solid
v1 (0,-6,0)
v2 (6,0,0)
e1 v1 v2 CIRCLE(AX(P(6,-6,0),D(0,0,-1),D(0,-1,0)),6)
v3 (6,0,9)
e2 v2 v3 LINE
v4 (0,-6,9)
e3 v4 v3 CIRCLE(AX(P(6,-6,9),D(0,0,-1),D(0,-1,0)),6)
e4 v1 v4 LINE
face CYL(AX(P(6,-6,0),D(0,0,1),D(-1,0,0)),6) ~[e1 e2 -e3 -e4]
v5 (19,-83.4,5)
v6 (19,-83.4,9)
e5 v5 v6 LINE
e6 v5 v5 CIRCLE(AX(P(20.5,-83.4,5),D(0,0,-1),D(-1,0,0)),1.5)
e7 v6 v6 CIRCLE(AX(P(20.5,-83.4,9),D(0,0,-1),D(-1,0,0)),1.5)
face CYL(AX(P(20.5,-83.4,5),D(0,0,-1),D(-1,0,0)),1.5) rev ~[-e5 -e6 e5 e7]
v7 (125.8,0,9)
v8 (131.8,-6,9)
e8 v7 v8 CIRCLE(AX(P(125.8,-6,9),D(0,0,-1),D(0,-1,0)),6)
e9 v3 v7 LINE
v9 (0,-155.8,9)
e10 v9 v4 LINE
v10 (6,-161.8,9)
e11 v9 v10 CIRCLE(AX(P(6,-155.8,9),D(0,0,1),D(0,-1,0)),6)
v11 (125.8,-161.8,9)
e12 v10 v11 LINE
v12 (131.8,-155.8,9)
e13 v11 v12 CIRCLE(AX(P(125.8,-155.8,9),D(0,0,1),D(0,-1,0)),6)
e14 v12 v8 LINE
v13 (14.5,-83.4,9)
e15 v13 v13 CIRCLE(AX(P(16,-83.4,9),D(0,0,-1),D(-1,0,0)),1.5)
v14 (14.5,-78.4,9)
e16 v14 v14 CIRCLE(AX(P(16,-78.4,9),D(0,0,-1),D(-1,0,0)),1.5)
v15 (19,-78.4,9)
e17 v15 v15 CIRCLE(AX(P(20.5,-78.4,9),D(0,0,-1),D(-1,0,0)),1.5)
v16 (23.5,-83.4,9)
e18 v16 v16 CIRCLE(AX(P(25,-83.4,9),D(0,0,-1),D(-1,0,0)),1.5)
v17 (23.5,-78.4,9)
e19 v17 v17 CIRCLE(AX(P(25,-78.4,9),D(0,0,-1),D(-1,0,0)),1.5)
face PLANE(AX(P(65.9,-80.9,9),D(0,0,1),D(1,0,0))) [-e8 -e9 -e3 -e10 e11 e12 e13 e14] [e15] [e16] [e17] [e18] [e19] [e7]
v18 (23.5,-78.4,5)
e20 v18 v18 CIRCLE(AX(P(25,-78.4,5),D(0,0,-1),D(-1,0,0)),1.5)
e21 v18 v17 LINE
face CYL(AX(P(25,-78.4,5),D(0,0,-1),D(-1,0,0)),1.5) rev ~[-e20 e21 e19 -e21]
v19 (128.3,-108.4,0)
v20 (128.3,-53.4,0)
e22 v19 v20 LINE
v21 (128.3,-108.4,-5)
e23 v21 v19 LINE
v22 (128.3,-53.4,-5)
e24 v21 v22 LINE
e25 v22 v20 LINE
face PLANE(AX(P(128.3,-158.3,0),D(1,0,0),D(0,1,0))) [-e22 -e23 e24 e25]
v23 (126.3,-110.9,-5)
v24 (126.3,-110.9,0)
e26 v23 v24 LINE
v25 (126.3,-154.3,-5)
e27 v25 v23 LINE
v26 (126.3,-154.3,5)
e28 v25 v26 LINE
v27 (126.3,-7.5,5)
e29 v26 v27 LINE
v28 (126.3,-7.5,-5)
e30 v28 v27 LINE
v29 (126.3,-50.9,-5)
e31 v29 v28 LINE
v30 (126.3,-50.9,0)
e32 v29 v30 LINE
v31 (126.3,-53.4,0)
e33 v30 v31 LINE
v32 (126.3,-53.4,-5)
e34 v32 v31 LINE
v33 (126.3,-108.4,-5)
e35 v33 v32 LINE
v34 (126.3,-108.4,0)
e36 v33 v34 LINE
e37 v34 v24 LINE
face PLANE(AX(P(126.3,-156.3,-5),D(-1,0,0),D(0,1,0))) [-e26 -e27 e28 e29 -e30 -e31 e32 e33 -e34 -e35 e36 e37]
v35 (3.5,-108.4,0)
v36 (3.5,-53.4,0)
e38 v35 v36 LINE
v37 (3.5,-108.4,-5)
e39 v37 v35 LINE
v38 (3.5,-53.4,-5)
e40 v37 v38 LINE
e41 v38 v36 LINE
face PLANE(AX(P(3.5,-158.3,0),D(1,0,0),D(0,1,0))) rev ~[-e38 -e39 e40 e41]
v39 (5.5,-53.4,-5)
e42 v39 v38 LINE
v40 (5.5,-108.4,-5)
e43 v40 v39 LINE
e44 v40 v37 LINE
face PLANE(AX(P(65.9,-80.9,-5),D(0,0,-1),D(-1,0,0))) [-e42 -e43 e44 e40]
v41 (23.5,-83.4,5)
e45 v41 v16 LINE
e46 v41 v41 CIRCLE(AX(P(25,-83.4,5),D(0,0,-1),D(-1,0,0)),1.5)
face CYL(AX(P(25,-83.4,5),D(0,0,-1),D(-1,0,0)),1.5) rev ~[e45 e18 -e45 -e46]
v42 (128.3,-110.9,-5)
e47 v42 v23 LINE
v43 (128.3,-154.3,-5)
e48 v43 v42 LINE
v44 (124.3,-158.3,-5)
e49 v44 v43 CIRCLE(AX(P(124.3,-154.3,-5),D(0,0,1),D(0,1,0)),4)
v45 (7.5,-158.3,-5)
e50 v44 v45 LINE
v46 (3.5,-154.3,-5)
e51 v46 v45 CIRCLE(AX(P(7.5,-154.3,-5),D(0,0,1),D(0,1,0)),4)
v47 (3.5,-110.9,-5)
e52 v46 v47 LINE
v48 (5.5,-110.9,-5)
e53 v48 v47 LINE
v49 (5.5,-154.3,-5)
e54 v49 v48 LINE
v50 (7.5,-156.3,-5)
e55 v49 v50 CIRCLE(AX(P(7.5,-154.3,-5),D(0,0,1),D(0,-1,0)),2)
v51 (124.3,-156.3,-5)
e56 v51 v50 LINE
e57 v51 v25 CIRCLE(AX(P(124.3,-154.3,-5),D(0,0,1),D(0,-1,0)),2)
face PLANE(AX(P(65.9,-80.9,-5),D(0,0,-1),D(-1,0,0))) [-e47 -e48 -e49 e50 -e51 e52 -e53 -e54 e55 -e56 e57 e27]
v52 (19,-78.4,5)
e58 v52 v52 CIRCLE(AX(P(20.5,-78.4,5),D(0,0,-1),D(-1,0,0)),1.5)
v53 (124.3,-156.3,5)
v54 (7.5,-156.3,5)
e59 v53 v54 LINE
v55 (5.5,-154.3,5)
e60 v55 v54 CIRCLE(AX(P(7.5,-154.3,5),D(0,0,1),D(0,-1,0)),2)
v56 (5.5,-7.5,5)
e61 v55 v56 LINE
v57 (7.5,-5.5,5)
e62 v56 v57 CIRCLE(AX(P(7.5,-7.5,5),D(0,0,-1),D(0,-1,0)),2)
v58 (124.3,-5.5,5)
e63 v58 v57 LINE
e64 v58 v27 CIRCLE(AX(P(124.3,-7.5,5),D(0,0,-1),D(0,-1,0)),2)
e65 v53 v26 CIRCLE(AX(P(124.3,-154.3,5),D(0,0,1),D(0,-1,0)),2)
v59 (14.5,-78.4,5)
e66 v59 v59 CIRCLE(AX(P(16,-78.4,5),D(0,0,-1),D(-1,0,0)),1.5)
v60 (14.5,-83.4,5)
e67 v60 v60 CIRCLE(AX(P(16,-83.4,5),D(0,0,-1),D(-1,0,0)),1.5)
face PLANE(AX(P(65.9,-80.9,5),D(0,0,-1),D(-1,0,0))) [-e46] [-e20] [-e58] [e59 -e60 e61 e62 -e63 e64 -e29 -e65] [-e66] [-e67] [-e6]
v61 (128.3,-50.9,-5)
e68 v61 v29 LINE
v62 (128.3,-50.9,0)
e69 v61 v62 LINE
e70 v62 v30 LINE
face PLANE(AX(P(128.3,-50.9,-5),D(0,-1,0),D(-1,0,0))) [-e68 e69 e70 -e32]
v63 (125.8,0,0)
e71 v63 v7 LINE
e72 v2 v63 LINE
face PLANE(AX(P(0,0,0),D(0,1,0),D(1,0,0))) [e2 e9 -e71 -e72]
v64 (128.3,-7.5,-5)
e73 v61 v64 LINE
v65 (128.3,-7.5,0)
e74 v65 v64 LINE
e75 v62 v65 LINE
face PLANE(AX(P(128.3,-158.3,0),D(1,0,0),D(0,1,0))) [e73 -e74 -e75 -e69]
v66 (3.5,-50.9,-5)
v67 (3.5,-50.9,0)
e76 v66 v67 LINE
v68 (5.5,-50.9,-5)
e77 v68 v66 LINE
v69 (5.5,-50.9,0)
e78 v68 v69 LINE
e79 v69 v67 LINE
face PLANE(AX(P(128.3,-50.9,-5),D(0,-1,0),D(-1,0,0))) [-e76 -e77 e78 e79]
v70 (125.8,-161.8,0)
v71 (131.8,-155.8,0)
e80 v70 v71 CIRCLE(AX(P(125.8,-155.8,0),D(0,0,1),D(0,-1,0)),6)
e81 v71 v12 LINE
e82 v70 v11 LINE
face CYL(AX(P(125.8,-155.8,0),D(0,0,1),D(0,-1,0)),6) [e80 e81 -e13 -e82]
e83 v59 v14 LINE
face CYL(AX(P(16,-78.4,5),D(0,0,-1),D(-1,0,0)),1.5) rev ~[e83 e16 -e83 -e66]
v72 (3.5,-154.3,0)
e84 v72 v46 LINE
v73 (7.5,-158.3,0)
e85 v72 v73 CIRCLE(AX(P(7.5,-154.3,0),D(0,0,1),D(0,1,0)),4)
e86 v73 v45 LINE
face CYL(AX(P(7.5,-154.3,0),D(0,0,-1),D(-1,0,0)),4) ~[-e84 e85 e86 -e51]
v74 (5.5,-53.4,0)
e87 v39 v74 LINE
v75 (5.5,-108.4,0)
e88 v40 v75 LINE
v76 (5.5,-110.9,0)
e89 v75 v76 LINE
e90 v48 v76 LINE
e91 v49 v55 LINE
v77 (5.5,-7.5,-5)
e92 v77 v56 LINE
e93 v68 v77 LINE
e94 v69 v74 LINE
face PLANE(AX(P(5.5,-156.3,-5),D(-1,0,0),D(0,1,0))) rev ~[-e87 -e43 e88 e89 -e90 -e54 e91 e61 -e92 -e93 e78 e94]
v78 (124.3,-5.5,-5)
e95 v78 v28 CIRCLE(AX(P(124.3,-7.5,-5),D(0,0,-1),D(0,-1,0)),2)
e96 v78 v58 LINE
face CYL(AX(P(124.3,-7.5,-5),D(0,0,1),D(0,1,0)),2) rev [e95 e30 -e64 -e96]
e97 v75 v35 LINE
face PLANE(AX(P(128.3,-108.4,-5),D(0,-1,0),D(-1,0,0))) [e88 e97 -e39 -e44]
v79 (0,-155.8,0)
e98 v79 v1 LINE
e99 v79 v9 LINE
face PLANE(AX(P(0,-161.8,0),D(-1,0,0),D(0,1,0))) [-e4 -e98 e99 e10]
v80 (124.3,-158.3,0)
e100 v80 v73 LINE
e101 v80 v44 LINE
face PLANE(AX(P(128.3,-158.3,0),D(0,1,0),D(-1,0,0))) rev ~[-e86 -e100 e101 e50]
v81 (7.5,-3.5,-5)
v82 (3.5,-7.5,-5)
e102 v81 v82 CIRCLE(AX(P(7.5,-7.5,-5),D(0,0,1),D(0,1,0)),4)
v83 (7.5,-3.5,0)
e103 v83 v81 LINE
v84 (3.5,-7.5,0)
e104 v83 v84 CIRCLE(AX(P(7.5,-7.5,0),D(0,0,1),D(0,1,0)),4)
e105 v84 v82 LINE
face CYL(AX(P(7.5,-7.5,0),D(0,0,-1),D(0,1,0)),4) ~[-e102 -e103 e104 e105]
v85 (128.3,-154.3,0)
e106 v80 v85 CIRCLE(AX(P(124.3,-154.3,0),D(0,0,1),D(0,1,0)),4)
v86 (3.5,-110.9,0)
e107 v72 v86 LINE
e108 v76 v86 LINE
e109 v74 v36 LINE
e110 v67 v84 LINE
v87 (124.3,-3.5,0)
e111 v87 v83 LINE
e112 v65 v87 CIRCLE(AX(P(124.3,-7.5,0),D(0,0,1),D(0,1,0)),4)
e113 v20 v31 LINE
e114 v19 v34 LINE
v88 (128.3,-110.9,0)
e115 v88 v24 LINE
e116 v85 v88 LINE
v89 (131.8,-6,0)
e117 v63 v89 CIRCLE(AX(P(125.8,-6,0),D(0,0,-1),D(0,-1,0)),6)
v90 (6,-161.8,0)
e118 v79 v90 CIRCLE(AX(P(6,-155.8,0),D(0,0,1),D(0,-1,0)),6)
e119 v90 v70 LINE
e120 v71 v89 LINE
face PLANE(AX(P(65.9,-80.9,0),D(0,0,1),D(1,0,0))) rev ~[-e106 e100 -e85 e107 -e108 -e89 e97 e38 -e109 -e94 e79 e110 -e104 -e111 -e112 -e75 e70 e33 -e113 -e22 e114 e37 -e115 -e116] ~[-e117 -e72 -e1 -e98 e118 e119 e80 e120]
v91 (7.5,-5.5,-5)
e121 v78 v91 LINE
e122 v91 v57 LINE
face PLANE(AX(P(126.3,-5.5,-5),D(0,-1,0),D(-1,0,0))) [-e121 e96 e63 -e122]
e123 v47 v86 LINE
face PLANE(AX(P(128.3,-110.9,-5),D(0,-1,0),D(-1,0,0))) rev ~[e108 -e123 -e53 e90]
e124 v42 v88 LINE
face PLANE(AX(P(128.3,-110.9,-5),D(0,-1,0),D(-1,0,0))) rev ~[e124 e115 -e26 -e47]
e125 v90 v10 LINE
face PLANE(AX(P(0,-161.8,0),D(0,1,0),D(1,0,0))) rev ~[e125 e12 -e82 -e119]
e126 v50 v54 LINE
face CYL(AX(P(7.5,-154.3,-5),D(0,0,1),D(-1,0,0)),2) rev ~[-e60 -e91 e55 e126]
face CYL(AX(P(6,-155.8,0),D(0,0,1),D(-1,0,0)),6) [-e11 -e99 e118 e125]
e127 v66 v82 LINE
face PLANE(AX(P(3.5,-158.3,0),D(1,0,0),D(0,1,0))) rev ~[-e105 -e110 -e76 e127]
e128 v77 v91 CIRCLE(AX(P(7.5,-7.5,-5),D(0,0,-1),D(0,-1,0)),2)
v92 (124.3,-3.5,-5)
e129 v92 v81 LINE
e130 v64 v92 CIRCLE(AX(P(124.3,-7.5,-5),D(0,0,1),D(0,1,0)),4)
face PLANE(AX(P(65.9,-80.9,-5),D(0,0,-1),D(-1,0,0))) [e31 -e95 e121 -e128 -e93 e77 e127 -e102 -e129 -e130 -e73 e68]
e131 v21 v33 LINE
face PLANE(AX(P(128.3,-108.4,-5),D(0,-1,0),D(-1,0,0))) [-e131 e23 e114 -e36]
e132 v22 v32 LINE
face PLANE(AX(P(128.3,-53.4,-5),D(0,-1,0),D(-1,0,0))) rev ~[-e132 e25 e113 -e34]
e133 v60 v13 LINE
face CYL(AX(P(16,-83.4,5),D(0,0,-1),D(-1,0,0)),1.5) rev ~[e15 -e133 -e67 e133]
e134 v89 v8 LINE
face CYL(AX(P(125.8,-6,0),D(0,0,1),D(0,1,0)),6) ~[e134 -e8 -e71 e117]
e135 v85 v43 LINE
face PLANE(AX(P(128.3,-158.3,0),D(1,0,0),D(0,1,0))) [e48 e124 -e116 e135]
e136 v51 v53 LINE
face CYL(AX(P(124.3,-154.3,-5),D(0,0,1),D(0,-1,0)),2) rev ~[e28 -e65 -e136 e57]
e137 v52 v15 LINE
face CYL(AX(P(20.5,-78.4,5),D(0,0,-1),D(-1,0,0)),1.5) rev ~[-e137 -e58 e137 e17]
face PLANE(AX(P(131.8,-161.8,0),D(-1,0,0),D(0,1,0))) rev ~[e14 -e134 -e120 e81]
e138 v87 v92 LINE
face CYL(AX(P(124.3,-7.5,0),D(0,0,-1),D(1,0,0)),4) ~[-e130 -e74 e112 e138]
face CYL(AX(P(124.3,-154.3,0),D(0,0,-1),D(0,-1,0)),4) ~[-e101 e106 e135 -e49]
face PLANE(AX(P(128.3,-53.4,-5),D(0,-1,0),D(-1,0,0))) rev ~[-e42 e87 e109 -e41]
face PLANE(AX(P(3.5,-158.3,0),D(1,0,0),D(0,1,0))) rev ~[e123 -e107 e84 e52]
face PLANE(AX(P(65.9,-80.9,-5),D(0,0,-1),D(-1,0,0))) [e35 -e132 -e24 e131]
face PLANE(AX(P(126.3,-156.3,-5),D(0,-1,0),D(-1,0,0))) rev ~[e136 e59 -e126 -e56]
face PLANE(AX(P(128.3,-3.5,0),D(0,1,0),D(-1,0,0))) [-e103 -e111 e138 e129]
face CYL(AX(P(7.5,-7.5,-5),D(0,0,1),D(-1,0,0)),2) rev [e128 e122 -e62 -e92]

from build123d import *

# Parameters (mm, degrees)
CROQUIS1_W              = 131.8
CROQUIS1_H              = 161.8
SALIENTE_EXTRUIR1_DEPTH = 9
CROQUIS2_W              = 124.8
CROQUIS2_H              = 154.8
SALIENTE_EXTRUIR2_DEPTH = 5
CROQUIS4_W              = 120.8
CROQUIS4_H              = 150.8
CORTAR_EXTRUIR1_DEPTH   = 10
REDONDEO1_R             = 4
REDONDEO2_R             = 2
REDONDEO3_R             = 4
REDONDEO4_R             = 4
REDONDEO5_R             = 2
REDONDEO6_R             = 4
REDONDEO7_R             = 2
REDONDEO8_R             = 6
CROQUIS9_W              = 124.8
CROQUIS9_H              = 2.5
CORTAR_EXTRUIR3_DEPTH   = 5
CROQUIS11_R             = 1.5
CORTAR_EXTRUIR6_DEPTH   = 9


with BuildPart() as part:
    # Croquis1 → Saliente-Extruir1 (new body)
    with BuildSketch(Plane.XY):
        with Locations((65.9, -80.9)):
            Rectangle(CROQUIS1_W, CROQUIS1_H)
    extrude(amount=SALIENTE_EXTRUIR1_DEPTH)

    # Croquis2 → Saliente-Extruir2 (add)
    with BuildSketch(Plane(origin=(0, 0, 0), x_dir=(-1, 0, 0), z_dir=(0, 0, -1))):
        with Locations((-65.9, -80.9)):
            Rectangle(CROQUIS2_W, CROQUIS2_H)
    extrude(amount=SALIENTE_EXTRUIR2_DEPTH)

    # Croquis4 → Cortar-Extruir1 (cut)
    with BuildSketch(Plane(origin=(0, 0, -5), x_dir=(-1, 0, 0), z_dir=(0, 0, -1))):
        with Locations((-65.9, -80.9)):
            Rectangle(CROQUIS4_W, CROQUIS4_H)
    extrude(amount=-CORTAR_EXTRUIR1_DEPTH, mode=Mode.SUBTRACT)

    # Redondeo1
    redondeo1_edges = [part.edges().sort_by_distance(p)[0] for p in [
        (128.3, -3.5, -2.5),
    ]]
    fillet(redondeo1_edges, radius=REDONDEO1_R)

    # Redondeo2
    redondeo2_edges = [part.edges().sort_by_distance(p)[0] for p in [
        (5.5, -5.5, 0),
    ]]
    fillet(redondeo2_edges, radius=REDONDEO2_R)

    # Redondeo3
    redondeo3_edges = [part.edges().sort_by_distance(p)[0] for p in [
        (3.5, -3.5, -2.5),
    ]]
    fillet(redondeo3_edges, radius=REDONDEO3_R)

    # Redondeo4
    redondeo4_edges = [part.edges().sort_by_distance(p)[0] for p in [
        (3.5, -158.3, -2.5),
    ]]
    fillet(redondeo4_edges, radius=REDONDEO4_R)

    # Redondeo5
    redondeo5_edges = [part.edges().sort_by_distance(p)[0] for p in [
        (5.5, -156.3, 0),
    ]]
    fillet(redondeo5_edges, radius=REDONDEO5_R)

    # Redondeo6
    redondeo6_edges = [part.edges().sort_by_distance(p)[0] for p in [
        (128.3, -158.3, -2.5),
    ]]
    fillet(redondeo6_edges, radius=REDONDEO6_R)

    # Redondeo7
    redondeo7_edges = [part.edges().sort_by_distance(p)[0] for p in [
        (126.3, -156.3, 0),
        (126.3, -5.5, 0),
    ]]
    fillet(redondeo7_edges, radius=REDONDEO7_R)

    # Redondeo8
    redondeo8_edges = [part.edges().sort_by_distance(p)[0] for p in [
        (0, 0, 4.5),
        (131.8, 0, 4.5),
        (131.8, -161.8, 4.5),
        (0, -161.8, 4.5),
    ]]
    fillet(redondeo8_edges, radius=REDONDEO8_R)

    # Croquis9 → Cortar-Extruir3 (cut)
    with BuildSketch(Plane(origin=(0, 0, -5), x_dir=(-1, 0, 0), z_dir=(0, 0, -1))):
        with Locations((-65.9, -52.15)):
            Rectangle(CROQUIS9_W, CROQUIS9_H)
        with Locations((-65.9, -109.65)):
            Rectangle(CROQUIS9_W, CROQUIS9_H)
    extrude(amount=-CORTAR_EXTRUIR3_DEPTH, mode=Mode.SUBTRACT)

    # Croquis11 → Cortar-Extruir6 (cut)
    with BuildSketch(Plane(origin=(0, 0, 5), x_dir=(-1, 0, 0), z_dir=(0, 0, -1))):
        with Locations((-25, -78.4)):
            Circle(CROQUIS11_R)
        with Locations((-25, -83.4)):
            Circle(CROQUIS11_R)
        with Locations((-20.5, -83.4)):
            Circle(CROQUIS11_R)
        with Locations((-16, -83.4)):
            Circle(CROQUIS11_R)
        with Locations((-20.5, -78.4)):
            Circle(CROQUIS11_R)
        with Locations((-16, -78.4)):
            Circle(CROQUIS11_R)
    extrude(amount=-CORTAR_EXTRUIR6_DEPTH, mode=Mode.SUBTRACT)


solid = part.part
